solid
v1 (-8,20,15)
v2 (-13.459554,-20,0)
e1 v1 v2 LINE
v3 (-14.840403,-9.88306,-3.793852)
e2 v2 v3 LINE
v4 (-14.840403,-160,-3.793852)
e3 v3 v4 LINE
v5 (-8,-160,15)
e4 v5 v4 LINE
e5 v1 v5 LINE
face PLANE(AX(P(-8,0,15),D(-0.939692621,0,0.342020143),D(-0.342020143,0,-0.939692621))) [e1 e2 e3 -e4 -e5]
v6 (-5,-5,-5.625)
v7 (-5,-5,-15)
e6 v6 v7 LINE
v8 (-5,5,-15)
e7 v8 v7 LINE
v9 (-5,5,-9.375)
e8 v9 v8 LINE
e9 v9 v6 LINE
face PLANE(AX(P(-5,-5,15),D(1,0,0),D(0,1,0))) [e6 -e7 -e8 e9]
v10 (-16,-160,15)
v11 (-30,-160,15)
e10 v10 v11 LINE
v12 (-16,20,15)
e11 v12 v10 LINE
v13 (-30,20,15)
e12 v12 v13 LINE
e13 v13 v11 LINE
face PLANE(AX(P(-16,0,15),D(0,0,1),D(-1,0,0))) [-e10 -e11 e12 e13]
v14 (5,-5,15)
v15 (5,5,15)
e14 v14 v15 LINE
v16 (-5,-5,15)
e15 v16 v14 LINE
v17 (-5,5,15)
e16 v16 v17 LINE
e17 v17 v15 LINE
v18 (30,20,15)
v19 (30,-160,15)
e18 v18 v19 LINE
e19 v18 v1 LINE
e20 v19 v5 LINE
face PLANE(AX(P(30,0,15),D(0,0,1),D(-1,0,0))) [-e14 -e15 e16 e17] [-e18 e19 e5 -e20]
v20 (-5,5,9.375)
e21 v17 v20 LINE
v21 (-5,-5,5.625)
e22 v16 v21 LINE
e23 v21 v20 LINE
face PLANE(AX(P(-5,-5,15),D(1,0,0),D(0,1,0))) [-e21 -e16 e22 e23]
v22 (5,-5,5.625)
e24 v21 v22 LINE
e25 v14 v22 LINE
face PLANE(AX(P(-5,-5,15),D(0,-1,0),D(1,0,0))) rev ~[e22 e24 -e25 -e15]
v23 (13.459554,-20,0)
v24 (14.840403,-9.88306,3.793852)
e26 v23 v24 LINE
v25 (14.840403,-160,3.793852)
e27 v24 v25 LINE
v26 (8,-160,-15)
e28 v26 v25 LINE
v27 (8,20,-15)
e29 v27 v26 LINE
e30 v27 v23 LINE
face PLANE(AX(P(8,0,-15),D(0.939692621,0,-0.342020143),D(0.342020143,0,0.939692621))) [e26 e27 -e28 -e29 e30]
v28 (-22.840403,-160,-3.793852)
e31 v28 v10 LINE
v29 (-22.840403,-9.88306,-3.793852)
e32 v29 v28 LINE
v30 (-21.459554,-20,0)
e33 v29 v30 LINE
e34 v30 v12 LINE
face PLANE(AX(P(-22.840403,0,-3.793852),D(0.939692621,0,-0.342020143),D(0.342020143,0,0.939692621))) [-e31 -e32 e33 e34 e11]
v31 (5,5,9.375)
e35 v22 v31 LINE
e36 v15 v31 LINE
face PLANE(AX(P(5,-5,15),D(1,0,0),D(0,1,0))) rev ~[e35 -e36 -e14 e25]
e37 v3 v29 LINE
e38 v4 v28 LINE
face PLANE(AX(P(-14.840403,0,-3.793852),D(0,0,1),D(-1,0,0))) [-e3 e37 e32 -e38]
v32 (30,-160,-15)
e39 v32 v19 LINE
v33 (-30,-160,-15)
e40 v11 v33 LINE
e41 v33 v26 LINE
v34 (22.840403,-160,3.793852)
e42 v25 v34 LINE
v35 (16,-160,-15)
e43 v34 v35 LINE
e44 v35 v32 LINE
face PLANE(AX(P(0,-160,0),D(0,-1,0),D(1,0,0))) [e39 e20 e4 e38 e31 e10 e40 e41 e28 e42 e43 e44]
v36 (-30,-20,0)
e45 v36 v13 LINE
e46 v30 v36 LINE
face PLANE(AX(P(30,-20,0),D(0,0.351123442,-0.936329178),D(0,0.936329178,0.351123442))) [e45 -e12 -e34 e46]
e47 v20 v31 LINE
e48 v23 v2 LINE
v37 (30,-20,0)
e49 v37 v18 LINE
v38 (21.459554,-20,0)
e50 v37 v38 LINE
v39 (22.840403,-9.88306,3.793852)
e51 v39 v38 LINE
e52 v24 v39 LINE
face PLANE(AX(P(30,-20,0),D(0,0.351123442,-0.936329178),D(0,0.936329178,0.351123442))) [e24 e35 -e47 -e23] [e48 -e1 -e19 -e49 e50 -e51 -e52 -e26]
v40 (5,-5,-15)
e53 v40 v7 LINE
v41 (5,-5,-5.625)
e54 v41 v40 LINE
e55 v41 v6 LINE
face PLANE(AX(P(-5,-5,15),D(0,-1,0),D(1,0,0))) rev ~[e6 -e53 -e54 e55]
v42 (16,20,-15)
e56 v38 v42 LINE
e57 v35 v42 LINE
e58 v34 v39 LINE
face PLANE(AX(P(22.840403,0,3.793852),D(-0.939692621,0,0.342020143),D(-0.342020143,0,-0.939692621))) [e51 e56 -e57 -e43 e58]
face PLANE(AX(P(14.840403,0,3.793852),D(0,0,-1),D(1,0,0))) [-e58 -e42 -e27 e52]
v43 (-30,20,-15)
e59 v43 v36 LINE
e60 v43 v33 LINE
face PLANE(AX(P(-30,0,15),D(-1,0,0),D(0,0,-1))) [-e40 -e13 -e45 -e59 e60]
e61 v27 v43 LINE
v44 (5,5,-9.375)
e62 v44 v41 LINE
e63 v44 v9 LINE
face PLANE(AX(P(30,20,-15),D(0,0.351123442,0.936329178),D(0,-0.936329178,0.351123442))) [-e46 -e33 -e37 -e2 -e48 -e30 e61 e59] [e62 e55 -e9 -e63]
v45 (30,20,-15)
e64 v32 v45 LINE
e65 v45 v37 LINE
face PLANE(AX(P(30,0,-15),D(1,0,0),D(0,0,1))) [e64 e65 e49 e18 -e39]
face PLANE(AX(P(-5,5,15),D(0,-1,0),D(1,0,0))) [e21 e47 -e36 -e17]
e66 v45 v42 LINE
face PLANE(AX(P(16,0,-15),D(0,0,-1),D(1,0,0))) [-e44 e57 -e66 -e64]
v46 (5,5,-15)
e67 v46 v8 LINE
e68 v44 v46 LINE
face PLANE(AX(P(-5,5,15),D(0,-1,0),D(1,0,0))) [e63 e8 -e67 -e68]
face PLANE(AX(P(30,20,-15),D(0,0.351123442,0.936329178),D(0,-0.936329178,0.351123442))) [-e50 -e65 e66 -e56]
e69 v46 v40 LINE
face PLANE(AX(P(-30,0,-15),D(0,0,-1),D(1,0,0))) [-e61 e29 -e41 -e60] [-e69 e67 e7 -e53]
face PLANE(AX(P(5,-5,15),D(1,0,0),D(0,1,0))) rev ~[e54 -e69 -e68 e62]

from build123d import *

# Parameters (mm, degrees)
F1_DEPTH = 160
F2_W     = 10
F2_H     = 10
F3_DEPTH = 60
F5_DEPTH = 60


with BuildPart() as f1:
    # F0 (on Front) → F1 (new body, symmetric)
    with BuildSketch(Plane.XZ):
        Polygon((30, -15), (30, 15), (-8, 15), (-14.8404028665, -3.7938524157), (-22.8404028665, -3.7938524157), (-16, 15), (-30, 15), (-30, -15), (8, -15), (14.8404028665, 3.7938524157), (22.8404028665, 3.7938524157), (16, -15), align=None)
    extrude(amount=F1_DEPTH, both=True)

    # F2 (on face) → F3 (cut)
    with BuildSketch(Plane.XY.offset(15)):
        Rectangle(F2_W, F2_H)
    extrude(amount=-F3_DEPTH, mode=Mode.SUBTRACT)

    # F4 (on face) → F5 (intersect)
    with BuildSketch(Plane.YZ.offset(30)):
        Polygon((0, 7.5), (0, 15), (-160, 15), (-160, -15), (0, -15), (0, -7.5), (-20, 0), align=None)
        Polygon((20, 15), (0, 15), (0, 7.5), align=None)
        Polygon((0, -15), (20, -15), (0, -7.5), align=None)
    extrude(amount=-F5_DEPTH, mode=Mode.INTERSECT)


solid = f1.part
